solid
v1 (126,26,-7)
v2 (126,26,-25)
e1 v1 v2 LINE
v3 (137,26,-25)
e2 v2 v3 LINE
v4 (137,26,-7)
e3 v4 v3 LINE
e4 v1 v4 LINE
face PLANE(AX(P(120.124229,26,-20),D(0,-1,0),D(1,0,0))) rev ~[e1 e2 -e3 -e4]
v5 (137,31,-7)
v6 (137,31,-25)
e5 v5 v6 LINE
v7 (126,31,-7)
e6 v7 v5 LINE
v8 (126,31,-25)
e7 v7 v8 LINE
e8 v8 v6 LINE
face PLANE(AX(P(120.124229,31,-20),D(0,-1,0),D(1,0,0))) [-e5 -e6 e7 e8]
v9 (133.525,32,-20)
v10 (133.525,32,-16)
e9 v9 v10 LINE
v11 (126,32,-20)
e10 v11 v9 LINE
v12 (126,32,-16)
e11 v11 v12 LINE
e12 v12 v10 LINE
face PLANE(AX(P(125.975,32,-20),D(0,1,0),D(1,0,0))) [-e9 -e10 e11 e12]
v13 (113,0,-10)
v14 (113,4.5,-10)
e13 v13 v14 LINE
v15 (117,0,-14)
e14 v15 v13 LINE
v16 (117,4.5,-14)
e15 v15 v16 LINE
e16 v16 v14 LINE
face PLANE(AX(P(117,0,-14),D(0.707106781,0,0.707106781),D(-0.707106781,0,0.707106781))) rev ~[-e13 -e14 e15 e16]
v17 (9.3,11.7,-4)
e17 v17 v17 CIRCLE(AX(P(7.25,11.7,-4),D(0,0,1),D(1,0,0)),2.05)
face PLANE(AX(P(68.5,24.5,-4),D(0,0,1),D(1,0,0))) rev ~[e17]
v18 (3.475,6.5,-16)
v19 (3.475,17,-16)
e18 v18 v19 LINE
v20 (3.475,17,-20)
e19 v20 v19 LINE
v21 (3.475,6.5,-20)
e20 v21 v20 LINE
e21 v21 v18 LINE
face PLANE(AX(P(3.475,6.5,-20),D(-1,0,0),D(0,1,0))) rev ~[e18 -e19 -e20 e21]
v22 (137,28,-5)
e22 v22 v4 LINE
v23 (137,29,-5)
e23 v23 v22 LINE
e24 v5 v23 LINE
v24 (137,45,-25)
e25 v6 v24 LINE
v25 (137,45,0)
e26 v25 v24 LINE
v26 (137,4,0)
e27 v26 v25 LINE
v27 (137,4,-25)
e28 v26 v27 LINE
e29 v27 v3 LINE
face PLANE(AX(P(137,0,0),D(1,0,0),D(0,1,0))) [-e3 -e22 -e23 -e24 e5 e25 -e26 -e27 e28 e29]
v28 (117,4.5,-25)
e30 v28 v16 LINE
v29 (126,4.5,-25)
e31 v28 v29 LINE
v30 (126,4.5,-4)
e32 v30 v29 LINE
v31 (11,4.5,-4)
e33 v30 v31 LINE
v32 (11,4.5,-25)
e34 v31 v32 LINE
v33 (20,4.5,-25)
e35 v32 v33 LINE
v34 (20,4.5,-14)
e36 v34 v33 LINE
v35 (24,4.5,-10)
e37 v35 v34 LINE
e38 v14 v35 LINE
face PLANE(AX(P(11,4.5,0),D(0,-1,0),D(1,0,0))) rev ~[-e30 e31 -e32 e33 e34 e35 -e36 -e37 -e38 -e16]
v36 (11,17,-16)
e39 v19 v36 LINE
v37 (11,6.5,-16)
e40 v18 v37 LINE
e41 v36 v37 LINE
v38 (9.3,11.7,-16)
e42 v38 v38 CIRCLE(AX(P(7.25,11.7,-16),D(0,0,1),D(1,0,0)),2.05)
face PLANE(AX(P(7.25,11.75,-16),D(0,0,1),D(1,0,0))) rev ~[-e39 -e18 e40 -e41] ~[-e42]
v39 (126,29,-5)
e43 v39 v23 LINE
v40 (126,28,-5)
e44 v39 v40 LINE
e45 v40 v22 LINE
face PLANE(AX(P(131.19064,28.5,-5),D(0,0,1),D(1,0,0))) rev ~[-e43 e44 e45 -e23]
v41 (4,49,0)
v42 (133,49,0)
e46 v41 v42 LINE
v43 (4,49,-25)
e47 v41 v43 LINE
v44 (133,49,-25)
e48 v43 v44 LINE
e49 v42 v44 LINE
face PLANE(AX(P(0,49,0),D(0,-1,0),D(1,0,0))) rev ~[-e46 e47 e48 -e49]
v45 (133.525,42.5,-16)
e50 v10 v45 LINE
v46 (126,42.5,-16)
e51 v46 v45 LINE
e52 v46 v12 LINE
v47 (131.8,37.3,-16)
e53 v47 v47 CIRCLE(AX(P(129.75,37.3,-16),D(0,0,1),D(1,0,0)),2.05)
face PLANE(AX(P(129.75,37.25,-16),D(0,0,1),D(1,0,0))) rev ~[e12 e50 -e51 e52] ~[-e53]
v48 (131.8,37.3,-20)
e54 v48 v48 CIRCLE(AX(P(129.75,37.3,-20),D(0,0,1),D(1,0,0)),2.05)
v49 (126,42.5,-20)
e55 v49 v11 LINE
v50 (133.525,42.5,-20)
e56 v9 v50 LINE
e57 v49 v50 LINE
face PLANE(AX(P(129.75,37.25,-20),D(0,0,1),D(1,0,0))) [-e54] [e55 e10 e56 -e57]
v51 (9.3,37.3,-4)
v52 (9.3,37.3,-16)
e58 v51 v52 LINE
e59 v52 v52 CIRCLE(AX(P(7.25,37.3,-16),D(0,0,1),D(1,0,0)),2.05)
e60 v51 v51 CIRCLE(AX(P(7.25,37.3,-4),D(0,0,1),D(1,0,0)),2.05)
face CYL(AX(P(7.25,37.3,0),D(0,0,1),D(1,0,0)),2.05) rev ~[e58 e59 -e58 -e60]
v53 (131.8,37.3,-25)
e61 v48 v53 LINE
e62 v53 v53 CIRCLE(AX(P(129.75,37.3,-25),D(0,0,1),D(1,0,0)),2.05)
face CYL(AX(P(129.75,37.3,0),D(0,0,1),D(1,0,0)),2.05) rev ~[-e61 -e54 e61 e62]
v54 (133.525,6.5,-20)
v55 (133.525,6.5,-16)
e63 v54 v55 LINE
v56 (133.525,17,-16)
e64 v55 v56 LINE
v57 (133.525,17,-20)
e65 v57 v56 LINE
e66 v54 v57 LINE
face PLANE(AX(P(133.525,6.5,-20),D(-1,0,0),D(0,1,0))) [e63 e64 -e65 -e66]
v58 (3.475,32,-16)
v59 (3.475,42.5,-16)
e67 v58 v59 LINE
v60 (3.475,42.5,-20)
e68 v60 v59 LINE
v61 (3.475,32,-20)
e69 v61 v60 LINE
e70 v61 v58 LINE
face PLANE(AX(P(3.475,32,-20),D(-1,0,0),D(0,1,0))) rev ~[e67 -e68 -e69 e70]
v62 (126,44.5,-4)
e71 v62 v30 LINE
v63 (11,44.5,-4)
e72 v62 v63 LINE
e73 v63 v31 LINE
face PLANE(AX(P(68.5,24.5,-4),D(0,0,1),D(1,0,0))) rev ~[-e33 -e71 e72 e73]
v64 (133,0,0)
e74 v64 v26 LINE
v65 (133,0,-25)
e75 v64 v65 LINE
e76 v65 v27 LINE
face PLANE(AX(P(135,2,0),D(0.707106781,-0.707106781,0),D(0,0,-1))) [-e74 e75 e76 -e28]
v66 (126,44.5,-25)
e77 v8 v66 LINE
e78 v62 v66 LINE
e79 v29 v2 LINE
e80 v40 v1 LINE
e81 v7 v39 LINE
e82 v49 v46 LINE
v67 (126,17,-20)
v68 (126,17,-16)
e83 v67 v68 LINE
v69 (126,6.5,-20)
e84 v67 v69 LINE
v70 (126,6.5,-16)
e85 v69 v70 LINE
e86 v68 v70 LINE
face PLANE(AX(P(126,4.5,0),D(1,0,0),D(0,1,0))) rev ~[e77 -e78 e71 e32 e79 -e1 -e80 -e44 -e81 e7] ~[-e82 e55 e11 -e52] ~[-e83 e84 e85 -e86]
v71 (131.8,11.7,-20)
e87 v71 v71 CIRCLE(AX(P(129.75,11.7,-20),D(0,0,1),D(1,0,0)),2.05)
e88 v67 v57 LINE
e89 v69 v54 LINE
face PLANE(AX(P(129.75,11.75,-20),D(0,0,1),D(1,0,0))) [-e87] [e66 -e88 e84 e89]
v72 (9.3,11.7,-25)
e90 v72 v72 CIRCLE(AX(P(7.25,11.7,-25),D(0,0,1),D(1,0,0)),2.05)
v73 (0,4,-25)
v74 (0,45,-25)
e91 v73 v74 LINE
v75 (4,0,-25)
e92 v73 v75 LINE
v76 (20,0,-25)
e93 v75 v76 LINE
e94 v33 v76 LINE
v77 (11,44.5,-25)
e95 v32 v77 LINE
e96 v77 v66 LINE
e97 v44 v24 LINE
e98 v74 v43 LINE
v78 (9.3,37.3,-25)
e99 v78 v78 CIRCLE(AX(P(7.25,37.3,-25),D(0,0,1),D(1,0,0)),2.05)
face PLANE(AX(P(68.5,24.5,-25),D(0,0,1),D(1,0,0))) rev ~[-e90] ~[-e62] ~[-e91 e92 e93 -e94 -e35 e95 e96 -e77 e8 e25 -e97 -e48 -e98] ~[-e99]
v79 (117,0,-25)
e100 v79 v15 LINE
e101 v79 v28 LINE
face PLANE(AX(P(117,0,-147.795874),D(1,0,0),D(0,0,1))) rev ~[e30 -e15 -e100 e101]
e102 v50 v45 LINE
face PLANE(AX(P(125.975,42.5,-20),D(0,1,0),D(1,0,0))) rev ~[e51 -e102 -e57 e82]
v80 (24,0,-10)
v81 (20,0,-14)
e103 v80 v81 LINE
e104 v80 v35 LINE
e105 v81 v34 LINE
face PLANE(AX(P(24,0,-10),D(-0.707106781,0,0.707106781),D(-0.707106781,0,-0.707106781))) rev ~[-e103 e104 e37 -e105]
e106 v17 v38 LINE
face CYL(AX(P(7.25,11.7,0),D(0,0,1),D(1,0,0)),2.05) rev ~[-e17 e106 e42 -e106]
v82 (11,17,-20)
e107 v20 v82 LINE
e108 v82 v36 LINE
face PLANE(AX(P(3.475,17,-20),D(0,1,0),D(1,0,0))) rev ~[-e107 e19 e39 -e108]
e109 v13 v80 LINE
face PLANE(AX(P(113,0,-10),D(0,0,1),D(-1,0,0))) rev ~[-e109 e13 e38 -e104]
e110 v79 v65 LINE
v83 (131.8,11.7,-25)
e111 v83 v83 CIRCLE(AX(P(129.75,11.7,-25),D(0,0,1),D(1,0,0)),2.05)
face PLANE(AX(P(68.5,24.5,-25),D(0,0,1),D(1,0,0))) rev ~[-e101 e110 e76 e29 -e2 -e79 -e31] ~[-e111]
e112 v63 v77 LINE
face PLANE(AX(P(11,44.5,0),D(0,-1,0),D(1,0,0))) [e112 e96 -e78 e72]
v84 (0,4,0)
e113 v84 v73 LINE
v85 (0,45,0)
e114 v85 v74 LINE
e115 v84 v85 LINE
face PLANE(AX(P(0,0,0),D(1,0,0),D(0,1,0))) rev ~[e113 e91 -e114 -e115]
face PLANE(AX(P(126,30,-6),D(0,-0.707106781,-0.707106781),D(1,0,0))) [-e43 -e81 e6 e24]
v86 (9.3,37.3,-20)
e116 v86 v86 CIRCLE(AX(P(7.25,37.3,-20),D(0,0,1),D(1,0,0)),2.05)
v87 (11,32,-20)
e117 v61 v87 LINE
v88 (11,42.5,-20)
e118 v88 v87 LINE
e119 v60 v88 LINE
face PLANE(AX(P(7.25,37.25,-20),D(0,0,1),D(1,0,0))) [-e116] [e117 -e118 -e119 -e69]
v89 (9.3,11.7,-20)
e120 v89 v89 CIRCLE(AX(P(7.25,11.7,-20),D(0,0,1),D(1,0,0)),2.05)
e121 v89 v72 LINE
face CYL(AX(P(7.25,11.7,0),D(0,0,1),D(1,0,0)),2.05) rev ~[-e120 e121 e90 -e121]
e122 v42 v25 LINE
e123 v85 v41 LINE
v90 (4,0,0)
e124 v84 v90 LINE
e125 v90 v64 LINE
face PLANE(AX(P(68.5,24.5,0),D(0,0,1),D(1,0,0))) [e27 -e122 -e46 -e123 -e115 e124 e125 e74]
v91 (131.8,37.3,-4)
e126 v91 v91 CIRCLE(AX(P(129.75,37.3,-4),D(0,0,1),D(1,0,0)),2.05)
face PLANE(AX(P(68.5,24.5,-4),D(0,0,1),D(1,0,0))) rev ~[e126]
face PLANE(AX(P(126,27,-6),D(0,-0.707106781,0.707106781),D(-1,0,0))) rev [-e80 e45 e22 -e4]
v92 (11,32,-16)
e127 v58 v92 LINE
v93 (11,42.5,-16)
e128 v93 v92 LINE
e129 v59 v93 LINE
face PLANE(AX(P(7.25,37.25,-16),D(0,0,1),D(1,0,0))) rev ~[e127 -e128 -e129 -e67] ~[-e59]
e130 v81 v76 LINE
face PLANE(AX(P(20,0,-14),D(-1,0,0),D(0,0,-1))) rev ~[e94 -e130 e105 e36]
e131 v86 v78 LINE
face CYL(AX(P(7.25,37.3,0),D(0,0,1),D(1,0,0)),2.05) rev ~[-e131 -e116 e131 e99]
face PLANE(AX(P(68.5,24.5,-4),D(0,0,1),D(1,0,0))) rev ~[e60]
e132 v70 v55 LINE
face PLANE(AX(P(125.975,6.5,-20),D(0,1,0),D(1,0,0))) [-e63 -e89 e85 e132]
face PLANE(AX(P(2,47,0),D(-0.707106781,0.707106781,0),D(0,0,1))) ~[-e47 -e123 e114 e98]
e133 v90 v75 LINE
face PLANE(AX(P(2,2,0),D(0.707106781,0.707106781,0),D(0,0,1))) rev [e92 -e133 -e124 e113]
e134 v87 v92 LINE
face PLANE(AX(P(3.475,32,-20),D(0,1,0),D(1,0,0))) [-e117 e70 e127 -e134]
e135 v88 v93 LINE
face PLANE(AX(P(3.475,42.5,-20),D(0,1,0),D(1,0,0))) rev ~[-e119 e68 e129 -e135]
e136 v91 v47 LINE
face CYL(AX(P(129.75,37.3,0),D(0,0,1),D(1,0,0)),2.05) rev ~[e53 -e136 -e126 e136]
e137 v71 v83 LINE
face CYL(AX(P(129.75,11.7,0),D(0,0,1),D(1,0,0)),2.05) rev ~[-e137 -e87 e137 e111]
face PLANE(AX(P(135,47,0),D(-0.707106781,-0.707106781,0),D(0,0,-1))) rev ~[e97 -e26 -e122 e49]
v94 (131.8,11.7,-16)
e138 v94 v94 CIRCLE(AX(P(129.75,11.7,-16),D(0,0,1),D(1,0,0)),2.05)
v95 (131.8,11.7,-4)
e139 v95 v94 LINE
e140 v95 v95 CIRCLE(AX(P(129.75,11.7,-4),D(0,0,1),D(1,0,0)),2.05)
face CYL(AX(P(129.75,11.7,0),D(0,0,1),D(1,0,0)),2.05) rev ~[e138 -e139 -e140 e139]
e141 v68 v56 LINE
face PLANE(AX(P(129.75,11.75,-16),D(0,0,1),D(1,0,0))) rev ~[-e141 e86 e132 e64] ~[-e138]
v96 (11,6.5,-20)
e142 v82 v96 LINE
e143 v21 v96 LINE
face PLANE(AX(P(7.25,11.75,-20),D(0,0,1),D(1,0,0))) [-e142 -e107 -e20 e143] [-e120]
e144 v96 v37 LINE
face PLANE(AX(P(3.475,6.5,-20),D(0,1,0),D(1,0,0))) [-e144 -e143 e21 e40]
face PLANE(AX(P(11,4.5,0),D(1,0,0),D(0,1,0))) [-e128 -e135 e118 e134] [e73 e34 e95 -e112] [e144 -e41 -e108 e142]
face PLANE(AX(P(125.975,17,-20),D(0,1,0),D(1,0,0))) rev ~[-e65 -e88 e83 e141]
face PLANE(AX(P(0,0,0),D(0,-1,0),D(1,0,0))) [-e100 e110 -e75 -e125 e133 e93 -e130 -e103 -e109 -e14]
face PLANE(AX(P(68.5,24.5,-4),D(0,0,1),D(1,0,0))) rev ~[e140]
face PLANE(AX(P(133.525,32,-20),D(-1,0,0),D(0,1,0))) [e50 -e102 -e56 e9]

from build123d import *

# Parameters (mm, degrees)
SKETCH_W        = 137
SKETCH_H        = 49
SKETCH_R        = 2.05
SKETCH_W_2      = 115
SKETCH_H_2      = 40
PAD_DEPTH       = 25
CHAMFER_SIZE    = 4
SKETCH004_W     = 129
SKETCH004_H     = 41
PAD001_DEPTH    = 4
SKETCH003_W     = 7.55
SKETCH003_H     = 10.5
POCKET_DEPTH    = 4
POCKET001_DEPTH = 5.01
SKETCH005_W     = 22.132821
SKETCH005_H     = 5
POCKET002_DEPTH = 15
CHAMFER001_SIZE = 2


with BuildPart() as part:
    # Sketch → Pad (new body)
    with BuildSketch(Plane.XY):
        with Locations((68.5, 24.5)):
            Rectangle(SKETCH_W, SKETCH_H)
        with Locations((7.25, 11.7)):
            Circle(SKETCH_R, mode=Mode.SUBTRACT)
        with Locations((129.75, 11.7)):
            Circle(SKETCH_R, mode=Mode.SUBTRACT)
        with Locations((7.25, 37.3)):
            Circle(SKETCH_R, mode=Mode.SUBTRACT)
        with Locations((129.75, 37.3)):
            Circle(SKETCH_R, mode=Mode.SUBTRACT)
        with Locations((68.5, 24.5)):
            Rectangle(SKETCH_W_2, SKETCH_H_2, mode=Mode.SUBTRACT)
    extrude(amount=-PAD_DEPTH)

    # Chamfer
    chamfer_edges = [part.edges().sort_by_distance(p)[0] for p in [
        (137, 49, -12.5),
        (137, 0, -12.5),
        (0, 49, -12.5),
        (0, 0, -12.5),
    ]]
    chamfer(chamfer_edges, length=CHAMFER_SIZE)

    # Sketch004 → Pad001 (join)
    with BuildSketch(Plane.XY):
        with Locations((68.5, 24.5)):
            Rectangle(SKETCH004_W, SKETCH004_H)
    extrude(amount=-PAD001_DEPTH)

    # Sketch003 (on DatumPlane) → Pocket (cut)
    with BuildSketch(Plane.XY.offset(-20)):
        with Locations((7.25, 11.75)):
            Rectangle(SKETCH003_W, SKETCH003_H)
        with Locations((7.25, 37.25)):
            Rectangle(SKETCH003_W, SKETCH003_H)
        with Locations((129.75, 37.25)):
            Rectangle(SKETCH003_W, SKETCH003_H)
        with Locations((129.75, 11.75)):
            Rectangle(SKETCH003_W, SKETCH003_H)
    extrude(amount=POCKET_DEPTH, mode=Mode.SUBTRACT)

    # Sketch002 → Pocket001 (cut)
    with BuildSketch(Plane.XZ):
        Polygon((113, -10), (24, -10), (20, -14), (20, -147.795874), (117, -147.795874), (117, -14), align=None)
    extrude(amount=-POCKET001_DEPTH, mode=Mode.SUBTRACT)

    # Sketch005 (on DatumPlane) → Pocket002 (cut, symmetric)
    with BuildSketch(Plane.XY.offset(-20)):
        with Locations((131.19064, 28.5)):
            Rectangle(SKETCH005_W, SKETCH005_H)
    extrude(amount=POCKET002_DEPTH, both=True, mode=Mode.SUBTRACT)

    # Chamfer001
    chamfer001_edges = [part.edges().sort_by_distance(p)[0] for p in [
        (131.5, 26, -5),
        (131.5, 31, -5),
    ]]
    chamfer(chamfer001_edges, length=CHAMFER001_SIZE)


solid = part.part
